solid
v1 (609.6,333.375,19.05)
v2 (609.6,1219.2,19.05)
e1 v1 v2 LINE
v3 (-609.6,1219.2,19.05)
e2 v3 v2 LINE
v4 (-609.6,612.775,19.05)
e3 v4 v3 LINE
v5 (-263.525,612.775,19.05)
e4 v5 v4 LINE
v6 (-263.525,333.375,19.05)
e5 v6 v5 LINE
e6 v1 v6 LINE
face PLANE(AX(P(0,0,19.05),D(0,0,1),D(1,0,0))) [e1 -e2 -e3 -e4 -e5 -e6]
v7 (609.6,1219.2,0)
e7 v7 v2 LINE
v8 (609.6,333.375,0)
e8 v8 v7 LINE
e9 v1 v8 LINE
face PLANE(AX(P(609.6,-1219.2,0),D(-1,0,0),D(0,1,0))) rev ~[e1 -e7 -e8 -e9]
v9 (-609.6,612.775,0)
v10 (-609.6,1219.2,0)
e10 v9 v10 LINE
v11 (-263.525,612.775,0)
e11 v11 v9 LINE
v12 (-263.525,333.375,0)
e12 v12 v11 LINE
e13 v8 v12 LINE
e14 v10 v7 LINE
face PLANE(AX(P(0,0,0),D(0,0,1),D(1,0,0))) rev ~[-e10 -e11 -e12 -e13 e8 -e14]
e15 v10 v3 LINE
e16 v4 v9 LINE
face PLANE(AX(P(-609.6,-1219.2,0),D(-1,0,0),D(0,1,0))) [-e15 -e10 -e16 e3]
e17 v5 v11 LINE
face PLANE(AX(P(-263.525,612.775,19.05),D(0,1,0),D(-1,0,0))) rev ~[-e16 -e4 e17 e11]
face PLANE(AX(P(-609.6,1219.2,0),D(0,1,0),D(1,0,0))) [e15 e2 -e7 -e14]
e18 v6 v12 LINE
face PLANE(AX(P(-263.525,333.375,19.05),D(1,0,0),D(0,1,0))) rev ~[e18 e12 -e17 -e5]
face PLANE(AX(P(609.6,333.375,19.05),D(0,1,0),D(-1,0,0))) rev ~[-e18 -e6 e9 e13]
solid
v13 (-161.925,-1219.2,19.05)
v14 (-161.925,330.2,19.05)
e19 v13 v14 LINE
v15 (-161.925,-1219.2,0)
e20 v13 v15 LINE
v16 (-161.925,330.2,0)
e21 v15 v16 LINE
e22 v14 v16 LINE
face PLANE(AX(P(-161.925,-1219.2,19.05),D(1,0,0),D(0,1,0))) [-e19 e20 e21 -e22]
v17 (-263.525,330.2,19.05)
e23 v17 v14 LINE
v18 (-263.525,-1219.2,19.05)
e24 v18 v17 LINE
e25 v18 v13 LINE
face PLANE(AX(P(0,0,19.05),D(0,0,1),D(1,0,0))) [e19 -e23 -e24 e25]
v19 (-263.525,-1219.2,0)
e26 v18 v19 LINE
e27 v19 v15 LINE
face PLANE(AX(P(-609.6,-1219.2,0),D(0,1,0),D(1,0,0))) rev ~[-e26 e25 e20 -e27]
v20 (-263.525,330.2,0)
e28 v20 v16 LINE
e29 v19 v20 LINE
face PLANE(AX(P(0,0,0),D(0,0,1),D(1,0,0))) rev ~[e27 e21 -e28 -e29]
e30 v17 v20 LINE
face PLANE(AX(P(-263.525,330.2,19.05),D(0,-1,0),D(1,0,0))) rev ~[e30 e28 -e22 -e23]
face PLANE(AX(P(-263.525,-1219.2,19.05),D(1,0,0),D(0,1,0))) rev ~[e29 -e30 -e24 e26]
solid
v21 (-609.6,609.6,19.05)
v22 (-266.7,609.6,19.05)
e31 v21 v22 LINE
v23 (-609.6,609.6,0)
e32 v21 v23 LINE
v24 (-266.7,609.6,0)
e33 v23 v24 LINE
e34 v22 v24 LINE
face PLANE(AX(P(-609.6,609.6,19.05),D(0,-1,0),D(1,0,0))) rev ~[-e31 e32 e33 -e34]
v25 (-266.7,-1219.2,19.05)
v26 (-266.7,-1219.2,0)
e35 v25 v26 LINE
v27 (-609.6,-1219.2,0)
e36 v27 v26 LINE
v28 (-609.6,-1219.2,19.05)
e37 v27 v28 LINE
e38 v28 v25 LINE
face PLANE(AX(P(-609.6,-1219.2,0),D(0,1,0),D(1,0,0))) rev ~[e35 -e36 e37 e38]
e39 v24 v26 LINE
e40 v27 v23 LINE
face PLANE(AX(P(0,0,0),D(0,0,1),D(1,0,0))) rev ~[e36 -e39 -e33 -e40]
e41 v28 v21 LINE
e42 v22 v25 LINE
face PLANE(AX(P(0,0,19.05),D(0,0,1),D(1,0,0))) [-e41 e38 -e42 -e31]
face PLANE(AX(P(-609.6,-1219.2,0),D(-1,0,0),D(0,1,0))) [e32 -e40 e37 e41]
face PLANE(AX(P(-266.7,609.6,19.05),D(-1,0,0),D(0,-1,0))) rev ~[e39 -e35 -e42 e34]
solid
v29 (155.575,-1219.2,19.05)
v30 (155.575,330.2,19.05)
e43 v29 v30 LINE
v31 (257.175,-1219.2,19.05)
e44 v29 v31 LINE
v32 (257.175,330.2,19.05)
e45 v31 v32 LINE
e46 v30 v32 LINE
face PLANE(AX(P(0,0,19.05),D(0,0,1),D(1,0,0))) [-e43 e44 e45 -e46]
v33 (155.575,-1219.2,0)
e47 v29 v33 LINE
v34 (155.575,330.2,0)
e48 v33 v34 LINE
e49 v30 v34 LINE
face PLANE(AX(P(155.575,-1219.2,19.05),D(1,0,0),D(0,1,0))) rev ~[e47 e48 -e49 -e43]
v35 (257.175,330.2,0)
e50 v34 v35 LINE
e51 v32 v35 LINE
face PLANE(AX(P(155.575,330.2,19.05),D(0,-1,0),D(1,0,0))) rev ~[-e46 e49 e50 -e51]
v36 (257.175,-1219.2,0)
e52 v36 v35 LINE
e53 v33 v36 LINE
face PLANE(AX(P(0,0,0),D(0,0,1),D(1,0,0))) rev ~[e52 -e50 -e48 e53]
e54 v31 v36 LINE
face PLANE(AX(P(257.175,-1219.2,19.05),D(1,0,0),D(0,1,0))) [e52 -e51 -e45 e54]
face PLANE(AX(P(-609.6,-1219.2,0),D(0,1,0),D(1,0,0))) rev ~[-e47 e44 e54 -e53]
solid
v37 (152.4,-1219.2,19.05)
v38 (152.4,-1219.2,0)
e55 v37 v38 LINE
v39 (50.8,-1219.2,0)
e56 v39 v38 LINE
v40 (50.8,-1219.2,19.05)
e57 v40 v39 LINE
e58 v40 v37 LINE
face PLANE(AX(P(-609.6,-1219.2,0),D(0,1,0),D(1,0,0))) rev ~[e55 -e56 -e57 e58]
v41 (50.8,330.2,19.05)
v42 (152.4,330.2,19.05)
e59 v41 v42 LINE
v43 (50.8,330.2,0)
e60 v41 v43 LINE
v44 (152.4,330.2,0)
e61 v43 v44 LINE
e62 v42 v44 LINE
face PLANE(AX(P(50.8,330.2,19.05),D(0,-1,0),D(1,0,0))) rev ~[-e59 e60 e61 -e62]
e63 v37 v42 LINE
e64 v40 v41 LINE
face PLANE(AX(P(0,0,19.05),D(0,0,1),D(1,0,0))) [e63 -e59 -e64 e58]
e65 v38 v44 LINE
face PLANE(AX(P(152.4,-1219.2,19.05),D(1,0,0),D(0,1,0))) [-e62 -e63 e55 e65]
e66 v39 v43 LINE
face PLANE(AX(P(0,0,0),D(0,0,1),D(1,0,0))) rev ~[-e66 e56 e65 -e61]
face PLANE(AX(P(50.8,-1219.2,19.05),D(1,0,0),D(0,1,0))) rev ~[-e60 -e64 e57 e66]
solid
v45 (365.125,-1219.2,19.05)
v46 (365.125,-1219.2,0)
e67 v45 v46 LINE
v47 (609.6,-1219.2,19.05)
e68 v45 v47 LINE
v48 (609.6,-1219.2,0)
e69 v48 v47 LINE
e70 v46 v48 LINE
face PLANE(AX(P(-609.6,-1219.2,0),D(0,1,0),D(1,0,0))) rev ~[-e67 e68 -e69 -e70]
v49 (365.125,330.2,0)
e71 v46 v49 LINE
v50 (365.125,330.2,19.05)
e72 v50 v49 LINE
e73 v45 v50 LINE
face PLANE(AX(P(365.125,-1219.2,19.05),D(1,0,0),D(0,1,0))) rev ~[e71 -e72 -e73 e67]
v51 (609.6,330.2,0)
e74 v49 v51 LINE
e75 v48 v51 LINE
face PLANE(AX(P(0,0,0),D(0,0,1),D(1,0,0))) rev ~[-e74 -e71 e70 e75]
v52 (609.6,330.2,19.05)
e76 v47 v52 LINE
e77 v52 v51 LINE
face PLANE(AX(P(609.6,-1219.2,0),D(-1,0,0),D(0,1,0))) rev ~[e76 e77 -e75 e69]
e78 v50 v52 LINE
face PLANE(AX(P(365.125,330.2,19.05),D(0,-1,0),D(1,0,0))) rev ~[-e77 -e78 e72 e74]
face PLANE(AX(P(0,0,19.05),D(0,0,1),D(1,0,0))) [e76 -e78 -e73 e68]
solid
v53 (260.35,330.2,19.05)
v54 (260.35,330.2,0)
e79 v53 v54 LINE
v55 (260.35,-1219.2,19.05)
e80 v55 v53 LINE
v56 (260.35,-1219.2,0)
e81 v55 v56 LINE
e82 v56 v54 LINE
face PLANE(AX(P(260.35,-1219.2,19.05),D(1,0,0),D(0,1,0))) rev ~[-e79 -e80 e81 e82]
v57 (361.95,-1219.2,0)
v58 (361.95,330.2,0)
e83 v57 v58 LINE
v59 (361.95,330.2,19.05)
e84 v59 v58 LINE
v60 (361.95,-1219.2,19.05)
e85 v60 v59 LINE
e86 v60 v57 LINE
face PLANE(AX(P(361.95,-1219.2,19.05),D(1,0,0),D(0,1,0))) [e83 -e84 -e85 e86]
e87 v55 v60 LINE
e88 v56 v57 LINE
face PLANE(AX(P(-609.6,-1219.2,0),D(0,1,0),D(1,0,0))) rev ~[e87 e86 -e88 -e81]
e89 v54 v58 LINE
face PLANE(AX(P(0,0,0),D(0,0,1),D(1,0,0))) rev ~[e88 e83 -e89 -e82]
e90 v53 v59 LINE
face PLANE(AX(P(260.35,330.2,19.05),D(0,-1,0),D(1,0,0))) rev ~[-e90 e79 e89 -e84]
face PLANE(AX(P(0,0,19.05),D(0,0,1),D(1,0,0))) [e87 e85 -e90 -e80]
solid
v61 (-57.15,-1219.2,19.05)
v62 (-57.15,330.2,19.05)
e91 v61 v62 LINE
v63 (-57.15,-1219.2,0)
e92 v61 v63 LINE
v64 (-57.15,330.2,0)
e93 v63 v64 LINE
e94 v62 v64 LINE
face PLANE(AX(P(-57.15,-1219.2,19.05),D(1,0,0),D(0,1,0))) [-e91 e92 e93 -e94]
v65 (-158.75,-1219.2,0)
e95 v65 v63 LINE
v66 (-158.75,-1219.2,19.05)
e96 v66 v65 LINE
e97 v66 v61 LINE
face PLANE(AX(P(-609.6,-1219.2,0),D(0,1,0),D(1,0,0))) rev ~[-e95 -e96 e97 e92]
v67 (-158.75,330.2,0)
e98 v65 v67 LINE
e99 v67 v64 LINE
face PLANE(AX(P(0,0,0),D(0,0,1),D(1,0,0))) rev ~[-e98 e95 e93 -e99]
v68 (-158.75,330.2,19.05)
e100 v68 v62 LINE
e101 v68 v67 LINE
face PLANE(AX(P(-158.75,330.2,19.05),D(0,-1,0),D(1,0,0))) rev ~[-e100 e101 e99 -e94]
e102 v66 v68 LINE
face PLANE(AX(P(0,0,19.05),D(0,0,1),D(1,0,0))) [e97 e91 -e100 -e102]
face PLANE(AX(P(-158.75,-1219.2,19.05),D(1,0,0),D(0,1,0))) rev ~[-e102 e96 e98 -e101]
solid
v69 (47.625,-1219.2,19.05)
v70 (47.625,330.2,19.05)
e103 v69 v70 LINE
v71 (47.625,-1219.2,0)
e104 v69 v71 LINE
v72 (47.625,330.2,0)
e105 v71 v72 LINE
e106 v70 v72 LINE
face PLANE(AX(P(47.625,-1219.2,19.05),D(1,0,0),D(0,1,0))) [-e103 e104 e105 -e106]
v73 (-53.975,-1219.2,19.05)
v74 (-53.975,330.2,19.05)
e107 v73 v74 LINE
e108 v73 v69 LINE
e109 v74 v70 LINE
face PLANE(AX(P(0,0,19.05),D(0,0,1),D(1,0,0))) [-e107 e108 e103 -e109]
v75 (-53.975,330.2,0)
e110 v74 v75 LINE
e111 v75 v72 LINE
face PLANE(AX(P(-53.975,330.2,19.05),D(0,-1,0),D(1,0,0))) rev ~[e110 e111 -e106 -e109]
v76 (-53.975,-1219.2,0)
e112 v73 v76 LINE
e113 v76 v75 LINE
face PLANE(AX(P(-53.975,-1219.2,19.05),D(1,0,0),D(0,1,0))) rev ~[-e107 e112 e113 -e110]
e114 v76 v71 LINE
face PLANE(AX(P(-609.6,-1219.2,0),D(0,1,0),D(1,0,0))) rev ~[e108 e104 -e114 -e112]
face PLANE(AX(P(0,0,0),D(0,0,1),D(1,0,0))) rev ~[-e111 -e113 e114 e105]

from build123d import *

# Parameters (mm, degrees)
F0_W     = 1219.2
F0_H     = 2438.4
F1_DEPTH = 19.05
F2_W     = 3.175
F2_H     = 1549.4
F3_DEPTH = 19.05


with BuildPart() as f1:
    # F0 (on Top) → F1 (new body)
    with BuildSketch(Plane.XY):
        Rectangle(F0_W, F0_H)
    extrude(amount=F1_DEPTH)

    # F2 (on face) → F3 (cut, through all)
    with BuildSketch(Plane.XY.offset(19.05)):
        Polygon((-266.7, 609.6), (-266.7, -1219.2), (-263.525, -1219.2), (-263.525, 330.2), (-263.525, 333.375), (-263.525, 609.6), align=None)
        Polygon((-609.6, 609.6), (-266.7, 609.6), (-263.525, 609.6), (-263.525, 612.775), (-609.6, 612.775), align=None)
        Polygon((-263.525, 333.375), (-263.525, 330.2), (-161.925, 330.2), (-158.75, 330.2), (-57.15, 330.2), (-53.975, 330.2), (47.625, 330.2), (50.8, 330.2), (152.4, 330.2), (155.575, 330.2), (257.175, 330.2), (260.35, 330.2), (361.95, 330.2), (365.125, 330.2), (609.6, 330.2), (609.6, 333.375), align=None)
        with Locations((-160.3375, -444.5)):
            Rectangle(F2_W, F2_H)
        with Locations((-55.5625, -444.5)):
            Rectangle(F2_W, F2_H)
        with Locations((363.5375, -444.5)):
            Rectangle(F2_W, F2_H)
        with Locations((49.2125, -444.5)):
            Rectangle(F2_W, F2_H)
        with Locations((258.7625, -444.5)):
            Rectangle(F2_W, F2_H)
        with Locations((153.9875, -444.5)):
            Rectangle(F2_W, F2_H)
    extrude(amount=-F3_DEPTH, mode=Mode.SUBTRACT)


solid = f1.part
